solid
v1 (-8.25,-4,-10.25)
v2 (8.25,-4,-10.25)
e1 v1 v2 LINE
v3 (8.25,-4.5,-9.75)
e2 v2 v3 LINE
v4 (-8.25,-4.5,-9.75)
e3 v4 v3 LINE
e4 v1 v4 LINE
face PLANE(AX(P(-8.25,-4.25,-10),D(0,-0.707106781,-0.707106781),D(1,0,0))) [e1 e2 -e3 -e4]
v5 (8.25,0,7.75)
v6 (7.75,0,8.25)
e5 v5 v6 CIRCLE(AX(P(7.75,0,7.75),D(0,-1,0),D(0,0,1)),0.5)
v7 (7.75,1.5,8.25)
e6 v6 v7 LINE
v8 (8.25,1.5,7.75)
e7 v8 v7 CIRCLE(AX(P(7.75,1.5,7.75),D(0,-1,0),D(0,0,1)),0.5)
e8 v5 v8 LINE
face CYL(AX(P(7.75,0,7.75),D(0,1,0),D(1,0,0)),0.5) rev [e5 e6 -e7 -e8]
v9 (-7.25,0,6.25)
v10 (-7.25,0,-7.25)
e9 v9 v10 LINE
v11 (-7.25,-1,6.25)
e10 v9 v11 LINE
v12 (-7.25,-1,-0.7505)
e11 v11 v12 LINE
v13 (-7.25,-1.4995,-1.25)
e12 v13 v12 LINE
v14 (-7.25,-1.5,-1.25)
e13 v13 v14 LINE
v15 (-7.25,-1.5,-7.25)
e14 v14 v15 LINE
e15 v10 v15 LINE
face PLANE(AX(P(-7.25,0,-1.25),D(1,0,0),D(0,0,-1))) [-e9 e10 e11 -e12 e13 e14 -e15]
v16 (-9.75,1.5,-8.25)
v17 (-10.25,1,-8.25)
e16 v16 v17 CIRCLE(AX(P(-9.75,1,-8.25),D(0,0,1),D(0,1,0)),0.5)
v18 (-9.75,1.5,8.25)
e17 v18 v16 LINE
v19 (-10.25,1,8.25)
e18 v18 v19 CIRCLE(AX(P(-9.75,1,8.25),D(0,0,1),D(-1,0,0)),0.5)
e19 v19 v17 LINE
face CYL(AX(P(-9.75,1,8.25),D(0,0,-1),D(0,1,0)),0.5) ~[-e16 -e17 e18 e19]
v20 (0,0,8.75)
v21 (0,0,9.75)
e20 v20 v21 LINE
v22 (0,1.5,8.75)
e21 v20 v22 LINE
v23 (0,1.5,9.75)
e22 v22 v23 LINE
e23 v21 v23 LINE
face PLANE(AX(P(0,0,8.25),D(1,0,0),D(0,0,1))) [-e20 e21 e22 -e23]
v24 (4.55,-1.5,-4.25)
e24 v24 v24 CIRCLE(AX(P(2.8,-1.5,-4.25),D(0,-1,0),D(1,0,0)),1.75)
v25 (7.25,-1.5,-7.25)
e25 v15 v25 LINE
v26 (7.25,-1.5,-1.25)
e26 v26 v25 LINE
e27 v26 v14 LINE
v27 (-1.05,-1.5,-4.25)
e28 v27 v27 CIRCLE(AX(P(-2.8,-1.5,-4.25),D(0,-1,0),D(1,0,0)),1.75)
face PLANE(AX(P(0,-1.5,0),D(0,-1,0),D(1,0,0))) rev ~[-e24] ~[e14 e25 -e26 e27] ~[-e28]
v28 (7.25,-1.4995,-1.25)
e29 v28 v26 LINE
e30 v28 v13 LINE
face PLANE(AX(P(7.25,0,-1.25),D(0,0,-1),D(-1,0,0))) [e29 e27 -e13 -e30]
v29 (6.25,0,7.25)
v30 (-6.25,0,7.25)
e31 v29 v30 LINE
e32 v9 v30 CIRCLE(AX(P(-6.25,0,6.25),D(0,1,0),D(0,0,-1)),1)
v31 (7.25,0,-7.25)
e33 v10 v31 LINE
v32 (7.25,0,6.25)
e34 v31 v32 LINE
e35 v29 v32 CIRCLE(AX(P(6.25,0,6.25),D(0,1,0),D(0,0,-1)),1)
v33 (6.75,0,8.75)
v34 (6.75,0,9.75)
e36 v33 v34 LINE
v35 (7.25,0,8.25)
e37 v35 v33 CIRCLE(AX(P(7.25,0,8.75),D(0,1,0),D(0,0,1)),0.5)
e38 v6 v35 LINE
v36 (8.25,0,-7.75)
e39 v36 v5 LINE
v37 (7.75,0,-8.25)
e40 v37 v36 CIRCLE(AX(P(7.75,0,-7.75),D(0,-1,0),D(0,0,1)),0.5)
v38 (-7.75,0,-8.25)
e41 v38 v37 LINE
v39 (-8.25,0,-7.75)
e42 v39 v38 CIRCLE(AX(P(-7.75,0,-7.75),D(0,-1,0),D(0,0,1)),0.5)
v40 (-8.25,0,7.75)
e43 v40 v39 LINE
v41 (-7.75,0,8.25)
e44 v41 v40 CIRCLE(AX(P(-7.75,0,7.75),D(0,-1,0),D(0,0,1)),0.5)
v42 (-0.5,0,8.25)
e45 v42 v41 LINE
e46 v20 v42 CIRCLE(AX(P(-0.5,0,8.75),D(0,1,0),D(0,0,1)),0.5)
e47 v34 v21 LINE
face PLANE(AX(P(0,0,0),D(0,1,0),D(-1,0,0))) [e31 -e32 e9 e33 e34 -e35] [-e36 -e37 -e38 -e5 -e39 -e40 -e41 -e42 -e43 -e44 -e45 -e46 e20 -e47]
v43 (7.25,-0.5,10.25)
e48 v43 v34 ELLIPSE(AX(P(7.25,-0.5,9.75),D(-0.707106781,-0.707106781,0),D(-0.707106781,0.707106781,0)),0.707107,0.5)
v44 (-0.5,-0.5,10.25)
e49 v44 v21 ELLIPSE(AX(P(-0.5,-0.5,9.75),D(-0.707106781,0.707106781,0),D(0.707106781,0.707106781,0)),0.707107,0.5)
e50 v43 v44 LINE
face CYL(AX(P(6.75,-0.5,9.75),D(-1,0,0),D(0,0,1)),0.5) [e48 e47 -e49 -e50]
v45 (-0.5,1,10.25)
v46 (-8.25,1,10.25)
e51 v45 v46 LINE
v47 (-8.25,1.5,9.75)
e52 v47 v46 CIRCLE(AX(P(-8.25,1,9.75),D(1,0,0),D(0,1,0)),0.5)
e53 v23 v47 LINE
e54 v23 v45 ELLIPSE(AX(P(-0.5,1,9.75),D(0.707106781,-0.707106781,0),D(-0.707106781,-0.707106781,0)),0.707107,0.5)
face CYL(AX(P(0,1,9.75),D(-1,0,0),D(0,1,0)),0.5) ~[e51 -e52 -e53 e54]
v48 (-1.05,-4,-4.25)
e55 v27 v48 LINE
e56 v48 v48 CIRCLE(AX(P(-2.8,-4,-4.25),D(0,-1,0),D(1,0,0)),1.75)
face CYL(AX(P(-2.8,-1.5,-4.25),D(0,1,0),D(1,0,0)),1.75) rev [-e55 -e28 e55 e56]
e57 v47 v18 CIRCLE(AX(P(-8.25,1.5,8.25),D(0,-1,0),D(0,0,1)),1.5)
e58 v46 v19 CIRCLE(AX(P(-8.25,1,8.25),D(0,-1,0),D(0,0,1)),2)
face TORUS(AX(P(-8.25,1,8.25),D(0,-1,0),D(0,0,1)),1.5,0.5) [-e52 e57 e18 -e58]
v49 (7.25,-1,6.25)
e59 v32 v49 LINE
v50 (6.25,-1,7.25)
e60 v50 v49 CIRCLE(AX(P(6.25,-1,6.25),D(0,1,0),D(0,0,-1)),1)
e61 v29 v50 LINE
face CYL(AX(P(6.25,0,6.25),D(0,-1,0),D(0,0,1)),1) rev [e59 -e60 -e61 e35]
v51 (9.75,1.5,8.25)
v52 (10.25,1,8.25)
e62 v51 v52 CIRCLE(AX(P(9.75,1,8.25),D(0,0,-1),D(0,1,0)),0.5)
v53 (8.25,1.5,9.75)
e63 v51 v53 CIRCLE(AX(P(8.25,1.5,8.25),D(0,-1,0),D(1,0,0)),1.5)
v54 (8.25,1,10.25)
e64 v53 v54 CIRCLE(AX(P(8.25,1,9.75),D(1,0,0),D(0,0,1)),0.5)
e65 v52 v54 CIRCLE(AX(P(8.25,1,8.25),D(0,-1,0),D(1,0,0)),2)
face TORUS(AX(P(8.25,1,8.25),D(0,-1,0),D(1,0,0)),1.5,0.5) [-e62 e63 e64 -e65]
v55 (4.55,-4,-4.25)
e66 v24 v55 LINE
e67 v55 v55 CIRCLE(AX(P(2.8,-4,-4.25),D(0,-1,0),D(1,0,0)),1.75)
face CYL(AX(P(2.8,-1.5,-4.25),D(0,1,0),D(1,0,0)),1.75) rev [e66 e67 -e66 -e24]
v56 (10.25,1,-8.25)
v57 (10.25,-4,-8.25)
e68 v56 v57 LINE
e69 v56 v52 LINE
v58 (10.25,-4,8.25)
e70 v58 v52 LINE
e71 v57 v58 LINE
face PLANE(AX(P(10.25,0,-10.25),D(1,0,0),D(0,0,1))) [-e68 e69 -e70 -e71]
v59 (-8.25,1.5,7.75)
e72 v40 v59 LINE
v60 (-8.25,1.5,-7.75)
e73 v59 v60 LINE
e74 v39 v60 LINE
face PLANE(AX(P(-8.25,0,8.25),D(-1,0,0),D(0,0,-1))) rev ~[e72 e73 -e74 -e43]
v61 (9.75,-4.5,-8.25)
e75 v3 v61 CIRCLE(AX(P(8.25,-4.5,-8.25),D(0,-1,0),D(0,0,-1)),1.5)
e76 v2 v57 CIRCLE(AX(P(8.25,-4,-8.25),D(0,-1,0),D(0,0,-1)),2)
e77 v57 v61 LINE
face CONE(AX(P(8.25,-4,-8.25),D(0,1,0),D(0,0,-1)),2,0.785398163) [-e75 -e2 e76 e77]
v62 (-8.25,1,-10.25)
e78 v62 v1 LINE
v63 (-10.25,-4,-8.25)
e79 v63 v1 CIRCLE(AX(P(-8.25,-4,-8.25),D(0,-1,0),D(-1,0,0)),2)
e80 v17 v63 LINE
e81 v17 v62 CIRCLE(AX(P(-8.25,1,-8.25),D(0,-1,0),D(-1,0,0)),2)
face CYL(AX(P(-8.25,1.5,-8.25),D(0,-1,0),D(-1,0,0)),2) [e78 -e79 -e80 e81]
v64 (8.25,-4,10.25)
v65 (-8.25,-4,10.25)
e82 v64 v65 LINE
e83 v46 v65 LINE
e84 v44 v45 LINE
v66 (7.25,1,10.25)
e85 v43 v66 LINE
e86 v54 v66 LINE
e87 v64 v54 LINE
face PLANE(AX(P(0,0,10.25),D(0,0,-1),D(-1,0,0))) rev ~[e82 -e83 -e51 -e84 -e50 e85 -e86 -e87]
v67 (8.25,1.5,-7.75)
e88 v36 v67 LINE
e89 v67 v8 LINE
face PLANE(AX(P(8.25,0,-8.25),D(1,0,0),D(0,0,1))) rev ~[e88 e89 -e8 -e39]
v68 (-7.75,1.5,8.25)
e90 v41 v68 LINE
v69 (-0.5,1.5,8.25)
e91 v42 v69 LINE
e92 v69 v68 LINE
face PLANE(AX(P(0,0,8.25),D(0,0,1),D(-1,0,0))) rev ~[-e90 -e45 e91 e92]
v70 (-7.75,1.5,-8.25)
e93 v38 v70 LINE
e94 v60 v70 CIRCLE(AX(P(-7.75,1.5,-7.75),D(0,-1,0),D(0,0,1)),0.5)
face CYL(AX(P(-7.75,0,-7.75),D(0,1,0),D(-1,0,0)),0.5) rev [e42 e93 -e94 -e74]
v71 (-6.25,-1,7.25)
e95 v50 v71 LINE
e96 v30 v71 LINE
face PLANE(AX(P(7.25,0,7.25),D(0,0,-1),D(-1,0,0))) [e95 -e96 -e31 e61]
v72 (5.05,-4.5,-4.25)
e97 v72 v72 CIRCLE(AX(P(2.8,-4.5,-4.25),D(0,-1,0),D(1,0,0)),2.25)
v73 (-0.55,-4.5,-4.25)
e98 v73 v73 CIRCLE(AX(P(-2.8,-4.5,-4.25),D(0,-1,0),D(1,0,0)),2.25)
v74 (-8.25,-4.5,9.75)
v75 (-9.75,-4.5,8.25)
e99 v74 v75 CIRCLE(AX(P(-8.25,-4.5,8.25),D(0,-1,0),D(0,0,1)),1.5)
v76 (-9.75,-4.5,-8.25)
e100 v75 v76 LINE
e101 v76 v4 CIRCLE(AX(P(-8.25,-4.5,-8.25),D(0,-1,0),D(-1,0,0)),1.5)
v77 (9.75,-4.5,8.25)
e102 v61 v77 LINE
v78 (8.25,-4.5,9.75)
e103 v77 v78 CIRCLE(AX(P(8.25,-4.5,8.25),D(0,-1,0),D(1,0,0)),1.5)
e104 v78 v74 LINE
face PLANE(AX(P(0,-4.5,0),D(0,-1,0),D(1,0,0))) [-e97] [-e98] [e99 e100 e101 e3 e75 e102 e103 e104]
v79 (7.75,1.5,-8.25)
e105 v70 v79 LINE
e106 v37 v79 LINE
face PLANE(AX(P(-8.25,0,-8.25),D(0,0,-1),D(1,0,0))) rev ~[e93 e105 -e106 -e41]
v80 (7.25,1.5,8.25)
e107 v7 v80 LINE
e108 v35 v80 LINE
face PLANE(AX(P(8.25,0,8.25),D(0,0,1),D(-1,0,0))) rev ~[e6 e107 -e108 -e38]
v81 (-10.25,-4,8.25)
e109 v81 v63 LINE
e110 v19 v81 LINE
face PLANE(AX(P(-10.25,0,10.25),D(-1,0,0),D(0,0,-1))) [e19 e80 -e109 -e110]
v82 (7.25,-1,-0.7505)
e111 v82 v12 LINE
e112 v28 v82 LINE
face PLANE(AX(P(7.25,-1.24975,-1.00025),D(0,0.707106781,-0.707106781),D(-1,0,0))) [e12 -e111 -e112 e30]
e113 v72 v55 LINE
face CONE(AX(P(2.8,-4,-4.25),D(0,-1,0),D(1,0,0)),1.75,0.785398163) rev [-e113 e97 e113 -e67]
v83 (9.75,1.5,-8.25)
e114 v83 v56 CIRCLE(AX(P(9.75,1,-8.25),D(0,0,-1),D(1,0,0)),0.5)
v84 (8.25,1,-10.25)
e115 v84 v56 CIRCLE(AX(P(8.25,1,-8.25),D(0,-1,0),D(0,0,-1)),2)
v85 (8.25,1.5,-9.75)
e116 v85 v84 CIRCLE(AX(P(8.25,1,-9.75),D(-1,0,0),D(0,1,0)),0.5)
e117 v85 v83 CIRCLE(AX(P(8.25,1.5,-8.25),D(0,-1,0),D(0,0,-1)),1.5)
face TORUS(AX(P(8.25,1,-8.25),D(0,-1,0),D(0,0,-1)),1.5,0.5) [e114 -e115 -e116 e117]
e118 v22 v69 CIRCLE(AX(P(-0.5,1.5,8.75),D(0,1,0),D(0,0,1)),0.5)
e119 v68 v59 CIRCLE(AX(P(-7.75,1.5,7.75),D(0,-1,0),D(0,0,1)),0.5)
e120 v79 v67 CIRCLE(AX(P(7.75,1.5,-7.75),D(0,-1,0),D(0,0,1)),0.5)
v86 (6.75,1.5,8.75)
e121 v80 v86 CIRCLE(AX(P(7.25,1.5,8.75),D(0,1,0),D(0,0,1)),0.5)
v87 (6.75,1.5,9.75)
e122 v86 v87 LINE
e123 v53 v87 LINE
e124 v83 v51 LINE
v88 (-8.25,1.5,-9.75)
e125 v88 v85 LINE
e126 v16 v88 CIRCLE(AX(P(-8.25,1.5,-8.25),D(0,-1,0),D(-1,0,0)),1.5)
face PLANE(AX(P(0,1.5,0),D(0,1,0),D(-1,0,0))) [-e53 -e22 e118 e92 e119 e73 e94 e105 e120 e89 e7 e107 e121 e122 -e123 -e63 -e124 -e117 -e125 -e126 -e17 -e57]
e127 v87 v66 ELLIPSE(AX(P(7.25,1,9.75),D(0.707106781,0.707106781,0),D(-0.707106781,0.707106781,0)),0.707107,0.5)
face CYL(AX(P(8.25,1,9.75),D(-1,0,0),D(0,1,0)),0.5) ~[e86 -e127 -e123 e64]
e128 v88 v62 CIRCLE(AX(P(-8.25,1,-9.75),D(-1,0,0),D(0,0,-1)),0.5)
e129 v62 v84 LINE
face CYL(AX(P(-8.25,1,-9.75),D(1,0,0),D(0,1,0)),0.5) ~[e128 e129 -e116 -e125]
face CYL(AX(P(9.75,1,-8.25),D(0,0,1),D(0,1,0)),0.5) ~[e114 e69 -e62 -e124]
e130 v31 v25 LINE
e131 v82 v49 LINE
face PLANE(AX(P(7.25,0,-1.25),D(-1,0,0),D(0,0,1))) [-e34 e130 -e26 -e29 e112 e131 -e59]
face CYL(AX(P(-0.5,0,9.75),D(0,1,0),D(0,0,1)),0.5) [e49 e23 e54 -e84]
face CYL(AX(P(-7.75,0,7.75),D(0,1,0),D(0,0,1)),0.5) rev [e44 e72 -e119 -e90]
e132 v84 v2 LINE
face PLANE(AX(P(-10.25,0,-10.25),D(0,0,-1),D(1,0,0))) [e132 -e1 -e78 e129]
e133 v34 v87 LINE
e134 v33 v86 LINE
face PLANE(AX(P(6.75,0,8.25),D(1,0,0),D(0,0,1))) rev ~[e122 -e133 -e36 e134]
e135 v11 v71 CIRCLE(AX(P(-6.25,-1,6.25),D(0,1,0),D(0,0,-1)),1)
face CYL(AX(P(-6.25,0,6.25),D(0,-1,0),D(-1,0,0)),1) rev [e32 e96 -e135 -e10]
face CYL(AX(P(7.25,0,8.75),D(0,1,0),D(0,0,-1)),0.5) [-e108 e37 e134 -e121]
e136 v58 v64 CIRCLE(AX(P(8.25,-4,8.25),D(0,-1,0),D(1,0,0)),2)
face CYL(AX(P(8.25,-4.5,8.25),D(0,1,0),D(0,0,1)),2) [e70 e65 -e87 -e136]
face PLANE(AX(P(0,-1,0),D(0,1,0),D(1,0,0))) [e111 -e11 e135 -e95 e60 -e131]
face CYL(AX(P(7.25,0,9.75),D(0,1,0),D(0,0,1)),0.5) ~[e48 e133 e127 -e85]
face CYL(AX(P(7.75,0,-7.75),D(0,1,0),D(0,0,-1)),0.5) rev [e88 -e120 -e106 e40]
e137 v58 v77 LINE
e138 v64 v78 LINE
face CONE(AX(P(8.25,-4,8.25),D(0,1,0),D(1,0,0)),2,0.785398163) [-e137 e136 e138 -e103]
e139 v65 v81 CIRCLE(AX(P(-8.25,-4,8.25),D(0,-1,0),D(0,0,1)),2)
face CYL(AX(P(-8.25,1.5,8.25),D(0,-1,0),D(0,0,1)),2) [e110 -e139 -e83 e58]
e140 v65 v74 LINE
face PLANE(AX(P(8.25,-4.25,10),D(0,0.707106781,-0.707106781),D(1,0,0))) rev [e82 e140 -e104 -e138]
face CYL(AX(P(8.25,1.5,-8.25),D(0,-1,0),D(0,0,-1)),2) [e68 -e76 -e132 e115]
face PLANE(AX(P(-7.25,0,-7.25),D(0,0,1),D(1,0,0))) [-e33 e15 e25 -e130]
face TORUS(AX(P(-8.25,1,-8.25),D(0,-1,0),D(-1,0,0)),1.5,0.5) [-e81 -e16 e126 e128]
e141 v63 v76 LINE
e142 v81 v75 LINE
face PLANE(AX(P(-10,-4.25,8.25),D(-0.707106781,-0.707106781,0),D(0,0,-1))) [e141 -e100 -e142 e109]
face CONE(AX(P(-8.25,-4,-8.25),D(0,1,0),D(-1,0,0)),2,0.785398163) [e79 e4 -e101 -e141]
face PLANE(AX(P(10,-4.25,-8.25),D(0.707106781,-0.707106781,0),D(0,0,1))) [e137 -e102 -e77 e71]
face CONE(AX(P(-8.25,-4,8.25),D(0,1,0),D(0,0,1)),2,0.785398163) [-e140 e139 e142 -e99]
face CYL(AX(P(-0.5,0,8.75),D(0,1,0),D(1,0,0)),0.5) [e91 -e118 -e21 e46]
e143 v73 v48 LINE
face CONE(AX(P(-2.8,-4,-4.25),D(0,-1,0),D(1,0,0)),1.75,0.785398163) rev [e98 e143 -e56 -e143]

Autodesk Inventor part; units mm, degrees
ref_plane "YZ Plane" through (0, 0, 0) normal (1, 0, 0) x (0, 1, 0)
ref_plane "XZ Plane" through (0, 0, 0) normal (0, 1, 0) x (-1, 0, 0)
ref_plane "XY Plane" through (0, 0, 0) normal (0, 0, 1) x (1, 0, 0)
sketch "Sketch1" plane through (0, 0, 0) normal (0, 1, 0) x (-1, 0, 0)
  line L0 (8, 8) -> (-8, 8) construction
  line L1 (-8, 8) -> (-8, -8) construction
  line L2 (-8, -8) -> (8, -8) construction
  line L3 (8, -8) -> (8, 8) construction
  line L4 (8, 8) -> (-8, -8) construction
  line L5 (-8, 8) -> (8, -8) construction
  line L6 (-8.25, 8.25) -> (8.25, 8.25)
  line L7 (8.25, 8.25) -> (8.25, -8.25)
  line L8 (8.25, -8.25) -> (-8.25, -8.25)
  line L9 (-8.25, -8.25) -> (-8.25, 8.25)
  line L10 (-8.25, 8.25) -> (8.25, -8.25) construction
  line L11 (8.25, 8.25) -> (-8.25, -8.25) construction
  line L12 (-10.25, 10.25) -> (10.25, 10.25)
  line L13 (10.25, 10.25) -> (10.25, -10.25)
  line L14 (10.25, -10.25) -> (-10.25, -10.25)
  line L15 (-10.25, -10.25) -> (-10.25, 10.25)
  line L16 (-10.25, 10.25) -> (10.25, -10.25) construction
  line L17 (10.25, 10.25) -> (-10.25, -10.25) construction
  circle A0 centre (2.8, -4.25) radius 1.75
  circle A1 centre (-2.8, -4.25) radius 1.75
  line L18 (7.25, -7.25) -> (-7.25, -7.25)
  line L19 (-7.25, -1.25) -> (7.25, -1.25)
  line L20 (7.25, -1.25) -> (7.25, -7.25)
  line L21 (-7.25, -1.25) -> (-7.25, -7.25)
  line L22 (-6.75, 8.25) -> (-6.75, 10.25)
  line L23 (0, 8.25) -> (0, 10.25)
  point P0 (0, 0)
  point P1 (0, -1.25)
  point P2 (7.25, -4.25)
  dimension "d0" = 16
  dimension "d1" = 16.5
  dimension "d2" = 2
  dimension "d3" = 3.5
  dimension "d4" = 5.6
  dimension "d5" = 2.8
  dimension "d6" = 6
  dimension "d7" = 1
  dimension "d8" = 1
  dimension "d15" = 1.5
extrude "Extrusion1" add sketch "Sketch1" along normal blind 1.5 contours L9 L8 L7 L6 L23 L12 L13 L14 L15 L22
extrude "Extrusion2" add sketch "Sketch1" against normal blind 1.5 contours L9 L8 L7 L6 L23 L12 L13 L14 L15 L22 | L6 L7 L8 L9 | L22 L12 L23 L6
sketch "Sketch2" plane through (0, -1.5, 0) normal (0, -1, 0) x (1, 0, 0)
  line L0 (-10.25, -10.25) -> (10.25, -10.25) projected
  line L1 (10.25, -10.25) -> (10.25, 10.25) projected
  line L2 (10.25, 10.25) -> (-10.25, 10.25) projected
  line L3 (-10.25, 10.25) -> (-10.25, -10.25) projected
  line L4 (-7.25, -1.25) -> (7.25, -1.25) projected
  line L5 (7.25, -1.25) -> (7.25, -7.25) projected
  line L6 (7.25, -7.25) -> (-7.25, -7.25) projected
  line L7 (-7.25, -7.25) -> (-7.25, -1.25) projected
  circle A0 centre (2.8, -4.25) radius 1.75 projected
  circle A1 centre (-2.8, -4.25) radius 1.75 projected
  point P0 (0, 0)
extrude "Extrusion3" add sketch "Sketch2" along normal blind 3 contours L3 L2 L1 L0 | L4 L5 L6 L7
fillet "Fillet2" radius 2 4 edges at (-10.25, -1.5, 10.25) (-10.25, -1.5, -10.25) (10.25, -1.5, -10.25) (10.25, -1.5, 10.25)
fillet "Fillet3" radius 0.5 18 edges at (-9.6642, 1.5, 9.6642) (-4.125, 1.5, 10.25) (-9.6642, 1.5, -9.6642) (0, 1.5, -10.25) (9.6642, 1.5, -9.6642) (10.25, 1.5, 0) (9.6642, 1.5, 9.6642) (7.5, 1.5, 10.25) (-10.25, 1.5, 0) (0, 0.75, 10.25) (3.375, 0, 10.25) (6.75, 0.75, 10.25) (-8.25, 0.75, 8.25) (-8.25, 0.75, -8.25) (8.25, 0.75, -8.25) (8.25, 0.75, 8.25) (6.75, 0.75, 8.25) (0, 0.75, 8.25)
chamfer "Chamfer1" distance 0.5 angle 45 10 edges at (1.05, -4.5, -4.25) (-4.55, -4.5, -4.25) (0, -4.5, 10.25) (-9.6642, -4.5, 9.6642) (-10.25, -4.5, 0) (-9.6642, -4.5, -9.6642) (0, -4.5, -10.25) (9.6642, -4.5, -9.6642) (10.25, -4.5, 0) (9.6642, -4.5, 9.6642)
sketch "Sketch3" plane through (0, 0, 0) normal (0, 1, 0) x (1, 0, 0)
  line L0 (7.25, 1.25) -> (-7.25, 1.25) projected
  line L1 (-7.25, 1.25) -> (-7.25, 7.25) projected
  line L2 (-7.25, 7.25) -> (7.25, 7.25) projected
  line L3 (7.25, 7.25) -> (7.25, 1.25) projected
  arc A0 (7.75, -8.25) -> (8.25, -7.75) centre (7.75, -7.75) ccw projected
  line L4 (8.25, 7.75) -> (8.25, -7.75) projected
  arc A1 (8.25, 7.75) -> (7.75, 8.25) centre (7.75, 7.75) ccw projected
  line L5 (-7.75, 8.25) -> (7.75, 8.25) projected
  arc A2 (-7.75, 8.25) -> (-8.25, 7.75) centre (-7.75, 7.75) ccw projected
  line L6 (-8.25, -7.75) -> (-8.25, 7.75) projected
  arc A3 (-8.25, -7.75) -> (-7.75, -8.25) centre (-7.75, -7.75) ccw projected
  line L7 (-0.5, -8.25) -> (-7.75, -8.25) projected
  arc A4 (0, -8.75) -> (-0.5, -8.25) centre (-0.5, -8.75) ccw projected
  line L8 (0, -9.75) -> (0, -8.75) projected
  line L9 (6.75, -9.75) -> (0, -9.75) projected
  line L10 (6.75, -8.75) -> (6.75, -9.75) projected
  arc A5 (7.25, -8.25) -> (6.75, -8.75) centre (7.25, -8.75) ccw projected
  line L11 (7.75, -8.25) -> (7.25, -8.25) projected
  line L12 (-7.25, 1.25) -> (7.25, 1.25)
  line L13 (7.25, 1.25) -> (7.25, -7.25)
  line L14 (7.25, -7.25) -> (-7.25, -7.25)
  line L15 (-7.25, -7.25) -> (-7.25, 1.25)
  point P0 (0, 0)
  dimension "d22" = 1
extrude "Extrusion4" cut sketch "Sketch3" against normal blind 1 contours L13 L14 L15 L0
chamfer "Chamfer2" distance 0.5 angle 45 1 edges at (0, -1, -1.25)
fillet "Fillet4" radius 1 2 edges at (-7.25, -0.5, 7.25) (7.25, -0.5, 7.25)
equation "\"d5\" = 0.5 * d4"
equation "\"d8\" = d7"
properties part number "Light Pipe Mount - Top"
